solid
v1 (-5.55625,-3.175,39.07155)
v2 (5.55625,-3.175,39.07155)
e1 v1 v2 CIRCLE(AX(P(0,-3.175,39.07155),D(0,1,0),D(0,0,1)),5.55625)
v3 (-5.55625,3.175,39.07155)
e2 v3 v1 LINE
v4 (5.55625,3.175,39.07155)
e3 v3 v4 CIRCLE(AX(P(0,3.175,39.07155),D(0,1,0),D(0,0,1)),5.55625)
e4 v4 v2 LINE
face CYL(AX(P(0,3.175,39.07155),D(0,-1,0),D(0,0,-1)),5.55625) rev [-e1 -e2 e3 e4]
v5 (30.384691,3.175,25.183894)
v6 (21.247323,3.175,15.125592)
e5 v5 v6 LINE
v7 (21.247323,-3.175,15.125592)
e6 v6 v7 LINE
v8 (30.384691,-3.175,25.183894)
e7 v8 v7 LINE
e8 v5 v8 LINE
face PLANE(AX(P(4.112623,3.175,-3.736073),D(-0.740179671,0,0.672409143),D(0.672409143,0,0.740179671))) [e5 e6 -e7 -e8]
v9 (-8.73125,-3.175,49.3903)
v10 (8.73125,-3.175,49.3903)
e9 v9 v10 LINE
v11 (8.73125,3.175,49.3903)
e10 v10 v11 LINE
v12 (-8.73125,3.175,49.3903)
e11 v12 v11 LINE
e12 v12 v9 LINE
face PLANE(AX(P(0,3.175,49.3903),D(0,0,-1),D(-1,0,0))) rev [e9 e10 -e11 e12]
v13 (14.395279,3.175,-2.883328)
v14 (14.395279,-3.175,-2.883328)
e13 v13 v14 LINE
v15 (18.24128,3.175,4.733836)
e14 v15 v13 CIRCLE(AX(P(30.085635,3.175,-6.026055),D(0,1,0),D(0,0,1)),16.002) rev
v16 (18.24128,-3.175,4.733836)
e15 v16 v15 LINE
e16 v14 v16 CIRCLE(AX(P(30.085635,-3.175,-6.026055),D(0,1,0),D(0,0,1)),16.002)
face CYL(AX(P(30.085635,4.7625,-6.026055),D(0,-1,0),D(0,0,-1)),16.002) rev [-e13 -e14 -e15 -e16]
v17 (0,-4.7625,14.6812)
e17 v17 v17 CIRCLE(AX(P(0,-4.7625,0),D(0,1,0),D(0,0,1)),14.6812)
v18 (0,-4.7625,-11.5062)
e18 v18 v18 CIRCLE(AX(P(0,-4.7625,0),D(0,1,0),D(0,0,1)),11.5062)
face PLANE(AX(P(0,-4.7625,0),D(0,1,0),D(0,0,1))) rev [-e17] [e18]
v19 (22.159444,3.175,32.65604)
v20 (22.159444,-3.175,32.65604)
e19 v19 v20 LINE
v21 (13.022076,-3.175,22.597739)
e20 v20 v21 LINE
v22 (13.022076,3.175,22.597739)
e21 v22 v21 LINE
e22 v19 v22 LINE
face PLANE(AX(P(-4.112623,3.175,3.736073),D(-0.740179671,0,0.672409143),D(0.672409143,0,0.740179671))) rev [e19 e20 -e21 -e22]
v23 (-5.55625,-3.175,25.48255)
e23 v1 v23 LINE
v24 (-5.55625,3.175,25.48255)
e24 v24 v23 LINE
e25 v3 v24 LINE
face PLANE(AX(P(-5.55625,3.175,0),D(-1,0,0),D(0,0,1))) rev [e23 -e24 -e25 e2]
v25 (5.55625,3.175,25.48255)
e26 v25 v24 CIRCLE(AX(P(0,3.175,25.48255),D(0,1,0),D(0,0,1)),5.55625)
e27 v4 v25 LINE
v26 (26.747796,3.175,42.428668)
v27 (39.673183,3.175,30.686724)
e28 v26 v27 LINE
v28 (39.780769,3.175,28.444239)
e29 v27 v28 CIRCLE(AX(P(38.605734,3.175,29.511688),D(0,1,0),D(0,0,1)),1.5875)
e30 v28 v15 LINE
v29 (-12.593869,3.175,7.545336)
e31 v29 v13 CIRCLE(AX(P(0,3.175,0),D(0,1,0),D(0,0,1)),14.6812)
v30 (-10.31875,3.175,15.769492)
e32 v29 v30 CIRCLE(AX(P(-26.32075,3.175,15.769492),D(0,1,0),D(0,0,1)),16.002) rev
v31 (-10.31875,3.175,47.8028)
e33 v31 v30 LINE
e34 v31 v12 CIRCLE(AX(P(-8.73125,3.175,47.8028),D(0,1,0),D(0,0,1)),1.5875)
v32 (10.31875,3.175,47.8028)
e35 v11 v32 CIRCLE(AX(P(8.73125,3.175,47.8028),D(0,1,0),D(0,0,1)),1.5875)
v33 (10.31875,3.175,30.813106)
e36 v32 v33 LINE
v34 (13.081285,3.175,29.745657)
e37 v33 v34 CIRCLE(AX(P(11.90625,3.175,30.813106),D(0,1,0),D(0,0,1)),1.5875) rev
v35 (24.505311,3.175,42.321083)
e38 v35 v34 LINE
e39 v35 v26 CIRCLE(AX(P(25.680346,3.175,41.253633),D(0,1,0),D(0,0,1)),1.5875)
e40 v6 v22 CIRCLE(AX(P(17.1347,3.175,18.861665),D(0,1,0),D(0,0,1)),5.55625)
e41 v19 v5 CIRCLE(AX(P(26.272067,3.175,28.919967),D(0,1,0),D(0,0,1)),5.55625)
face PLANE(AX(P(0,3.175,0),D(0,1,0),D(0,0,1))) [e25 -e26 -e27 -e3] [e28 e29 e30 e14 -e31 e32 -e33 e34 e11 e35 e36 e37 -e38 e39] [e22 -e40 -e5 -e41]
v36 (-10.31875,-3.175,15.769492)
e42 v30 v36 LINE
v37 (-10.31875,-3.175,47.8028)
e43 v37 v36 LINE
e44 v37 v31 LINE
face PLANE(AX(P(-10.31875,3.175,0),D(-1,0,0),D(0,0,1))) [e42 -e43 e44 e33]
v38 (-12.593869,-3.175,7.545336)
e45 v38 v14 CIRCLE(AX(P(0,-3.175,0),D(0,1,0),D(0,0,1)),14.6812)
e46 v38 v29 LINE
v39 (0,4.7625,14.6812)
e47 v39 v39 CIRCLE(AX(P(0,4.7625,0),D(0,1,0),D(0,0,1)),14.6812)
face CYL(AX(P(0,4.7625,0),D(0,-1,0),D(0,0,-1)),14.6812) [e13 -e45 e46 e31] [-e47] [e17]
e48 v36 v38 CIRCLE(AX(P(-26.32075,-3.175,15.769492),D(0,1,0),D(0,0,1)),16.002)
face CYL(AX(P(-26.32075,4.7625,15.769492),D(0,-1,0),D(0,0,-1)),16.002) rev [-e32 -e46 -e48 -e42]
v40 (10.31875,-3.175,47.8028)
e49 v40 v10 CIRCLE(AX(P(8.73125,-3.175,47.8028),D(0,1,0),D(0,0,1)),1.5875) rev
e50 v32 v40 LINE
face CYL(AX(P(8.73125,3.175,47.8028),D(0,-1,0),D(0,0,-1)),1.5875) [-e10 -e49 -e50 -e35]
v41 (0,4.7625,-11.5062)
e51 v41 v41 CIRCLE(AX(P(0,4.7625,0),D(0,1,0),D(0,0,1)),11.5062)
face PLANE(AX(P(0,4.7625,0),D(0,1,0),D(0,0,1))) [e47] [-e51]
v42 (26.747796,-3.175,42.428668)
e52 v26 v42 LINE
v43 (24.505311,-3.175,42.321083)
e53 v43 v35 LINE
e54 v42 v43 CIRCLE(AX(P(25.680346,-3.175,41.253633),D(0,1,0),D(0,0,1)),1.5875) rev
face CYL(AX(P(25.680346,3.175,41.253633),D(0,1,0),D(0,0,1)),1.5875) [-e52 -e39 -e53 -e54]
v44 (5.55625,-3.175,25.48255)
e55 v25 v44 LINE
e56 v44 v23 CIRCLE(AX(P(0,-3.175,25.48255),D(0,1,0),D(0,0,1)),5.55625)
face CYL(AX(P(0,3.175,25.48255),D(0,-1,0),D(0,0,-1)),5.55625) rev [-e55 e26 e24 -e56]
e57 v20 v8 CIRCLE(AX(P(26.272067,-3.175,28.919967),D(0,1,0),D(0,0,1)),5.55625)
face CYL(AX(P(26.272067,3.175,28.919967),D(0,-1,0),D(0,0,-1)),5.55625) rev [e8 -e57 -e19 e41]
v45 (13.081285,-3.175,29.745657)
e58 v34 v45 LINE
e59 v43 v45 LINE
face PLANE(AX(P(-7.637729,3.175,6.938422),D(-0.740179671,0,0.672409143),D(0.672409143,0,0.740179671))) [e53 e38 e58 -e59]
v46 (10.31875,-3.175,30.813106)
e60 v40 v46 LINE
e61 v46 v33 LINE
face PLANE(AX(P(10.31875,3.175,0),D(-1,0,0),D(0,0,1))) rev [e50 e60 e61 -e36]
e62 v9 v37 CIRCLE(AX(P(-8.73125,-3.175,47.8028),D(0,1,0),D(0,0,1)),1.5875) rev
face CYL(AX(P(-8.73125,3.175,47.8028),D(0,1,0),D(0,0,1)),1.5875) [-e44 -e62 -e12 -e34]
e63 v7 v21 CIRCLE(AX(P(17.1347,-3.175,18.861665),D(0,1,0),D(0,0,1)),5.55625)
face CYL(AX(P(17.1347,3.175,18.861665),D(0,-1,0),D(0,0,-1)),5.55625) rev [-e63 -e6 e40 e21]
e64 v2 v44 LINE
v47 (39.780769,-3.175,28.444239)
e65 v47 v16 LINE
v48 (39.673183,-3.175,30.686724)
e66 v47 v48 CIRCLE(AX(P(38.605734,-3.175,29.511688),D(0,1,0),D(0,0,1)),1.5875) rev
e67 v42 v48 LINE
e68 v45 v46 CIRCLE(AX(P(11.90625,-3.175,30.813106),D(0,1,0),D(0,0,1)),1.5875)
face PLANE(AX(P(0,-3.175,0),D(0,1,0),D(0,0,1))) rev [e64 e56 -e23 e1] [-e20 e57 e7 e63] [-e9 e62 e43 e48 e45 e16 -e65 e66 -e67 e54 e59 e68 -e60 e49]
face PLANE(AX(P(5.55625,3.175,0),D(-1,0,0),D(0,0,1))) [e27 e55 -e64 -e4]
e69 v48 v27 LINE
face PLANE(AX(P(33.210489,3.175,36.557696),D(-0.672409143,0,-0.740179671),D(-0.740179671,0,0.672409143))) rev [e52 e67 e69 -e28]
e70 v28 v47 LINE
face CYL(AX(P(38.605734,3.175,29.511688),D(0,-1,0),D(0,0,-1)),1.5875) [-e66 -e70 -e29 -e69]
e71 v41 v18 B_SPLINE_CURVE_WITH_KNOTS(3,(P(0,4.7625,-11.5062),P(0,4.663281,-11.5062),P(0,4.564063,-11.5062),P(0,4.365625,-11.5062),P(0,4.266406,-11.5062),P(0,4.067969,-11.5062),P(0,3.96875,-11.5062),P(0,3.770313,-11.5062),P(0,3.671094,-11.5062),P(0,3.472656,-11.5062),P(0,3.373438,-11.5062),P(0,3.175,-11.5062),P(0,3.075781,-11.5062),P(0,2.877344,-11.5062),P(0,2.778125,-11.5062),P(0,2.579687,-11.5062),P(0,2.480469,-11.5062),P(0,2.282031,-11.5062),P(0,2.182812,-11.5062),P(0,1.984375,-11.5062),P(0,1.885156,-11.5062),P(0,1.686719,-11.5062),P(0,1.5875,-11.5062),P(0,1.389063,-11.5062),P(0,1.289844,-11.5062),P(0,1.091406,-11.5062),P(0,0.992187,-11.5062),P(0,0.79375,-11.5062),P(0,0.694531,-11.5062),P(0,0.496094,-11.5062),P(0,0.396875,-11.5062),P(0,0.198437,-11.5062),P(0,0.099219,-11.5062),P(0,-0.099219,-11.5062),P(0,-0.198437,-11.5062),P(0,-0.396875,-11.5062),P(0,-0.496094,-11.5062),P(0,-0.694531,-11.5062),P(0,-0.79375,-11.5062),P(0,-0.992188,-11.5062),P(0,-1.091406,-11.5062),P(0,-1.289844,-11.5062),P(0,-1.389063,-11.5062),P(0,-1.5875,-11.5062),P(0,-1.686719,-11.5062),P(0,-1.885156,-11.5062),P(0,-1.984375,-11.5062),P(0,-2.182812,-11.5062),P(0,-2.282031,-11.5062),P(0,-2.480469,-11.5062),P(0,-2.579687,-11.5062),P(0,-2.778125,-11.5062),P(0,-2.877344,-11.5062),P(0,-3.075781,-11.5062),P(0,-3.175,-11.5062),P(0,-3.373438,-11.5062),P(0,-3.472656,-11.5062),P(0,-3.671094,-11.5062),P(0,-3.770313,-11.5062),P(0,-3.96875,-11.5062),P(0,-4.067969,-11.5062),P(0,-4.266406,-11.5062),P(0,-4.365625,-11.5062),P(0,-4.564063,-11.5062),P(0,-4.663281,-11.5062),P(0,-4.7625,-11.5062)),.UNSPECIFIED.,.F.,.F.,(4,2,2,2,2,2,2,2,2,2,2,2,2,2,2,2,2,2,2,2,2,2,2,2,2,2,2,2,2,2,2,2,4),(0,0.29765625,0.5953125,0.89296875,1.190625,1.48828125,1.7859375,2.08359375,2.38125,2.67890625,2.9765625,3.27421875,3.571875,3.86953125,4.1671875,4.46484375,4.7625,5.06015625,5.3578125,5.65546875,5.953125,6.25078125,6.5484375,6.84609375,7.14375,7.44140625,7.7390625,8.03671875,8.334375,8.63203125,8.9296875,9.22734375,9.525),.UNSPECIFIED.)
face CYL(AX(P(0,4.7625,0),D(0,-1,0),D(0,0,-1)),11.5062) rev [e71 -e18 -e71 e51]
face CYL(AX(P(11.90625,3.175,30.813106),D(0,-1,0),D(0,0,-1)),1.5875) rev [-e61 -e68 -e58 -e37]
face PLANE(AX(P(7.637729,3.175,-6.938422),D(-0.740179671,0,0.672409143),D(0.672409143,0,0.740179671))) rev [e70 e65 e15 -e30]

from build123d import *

# Parameters (mm, degrees)
SKETCH1_R                      = 14.681199999999999
SKETCH1_R_2                    = 11.5062
BEARING_INSERT_EXTRUDE_DEPTH   = 4.7625
APEX_SLOT_INSERT_EXTRUDE_DEPTH = 3.175
FILLET1_R                      = 16.002
FILLET2_R                      = 1.5875


with BuildPart() as part:
    # Sketch1 → Bearing_Insert_Extrude (new, symmetric)
    with BuildSketch(Plane(origin=(0, 0, 0), x_dir=(1, 0, 0), z_dir=(0, 1, 0))):
        with Locations(Location((0, 0, 0), (0, 0, 90))):
            Circle(SKETCH1_R)
        with Locations(Location((0, 0, 0), (0, 0, 90))):
            Circle(SKETCH1_R_2, mode=Mode.SUBTRACT)
    extrude(amount=BEARING_INSERT_EXTRUDE_DEPTH, both=True)

    # Sketch1<4> → Apex_Slot_Insert_Extrude (add, symmetric)
    with BuildSketch(Plane(origin=(0, 0, 0), x_dir=(1, 0, 0), z_dir=(0, 1, 0))):
        with BuildLine():
            Line((-10.318749999999993, -10.443228996699254), (-10.318749999999994, -49.390299999999996))
            Line((-10.318749999999994, -49.390299999999996), (10.318750000000005, -49.39029999999999))
            Line((10.318750000000005, -49.39029999999999), (10.318750000000005, -26.704691888242454))
            Line((10.318750000000003, -26.704691888242454), (25.572760300589366, -43.49611782976841))
            Line((25.572760300589366, -43.49611782976841), (40.84821825442049, -29.619274148630485))
            Line((40.84821825442049, -29.619274148630485), (14.659851632931186, -0.7914439591308806))
            ThreePointArc((14.659851632931188, -0.7914439591308853), (5.291552650188477, -13.694418716772292), (-10.318749999999994, -10.443228996699252))
        make_face()
        with BuildLine():
            ThreePointArc((5.556250000000003, -39.07155000000002), (3.51e-15, -44.62780000000001), (-5.556249999999994, -39.07155000000002))
            Line((-5.556249999999995, -39.07155000000002), (-5.556249999999993, -25.482550000000018))
            ThreePointArc((-5.556249999999995, -25.482550000000018), (4.34e-15, -19.92630000000002), (5.556250000000002, -25.482550000000018))
            Line((5.556250000000002, -25.482550000000018), (5.556250000000004, -39.07155000000002))
        make_face(mode=Mode.SUBTRACT)
        with BuildLine():
            ThreePointArc((30.384690732198205, -25.183893713515992), (30.00814073570387, -33.0325903075461), (22.159444141673756, -32.65604031105178))
            Line((22.159444141673756, -32.65604031105178), (13.022076302401407, -22.59773876606759))
            ThreePointArc((13.022076302401405, -22.59773876606759), (13.398626298895733, -14.749042172037479), (21.247322892925844, -15.125592168531803))
            Line((21.247322892925844, -15.125592168531803), (30.384690732198205, -25.18389371351599))
        make_face(mode=Mode.SUBTRACT)
    extrude(amount=APEX_SLOT_INSERT_EXTRUDE_DEPTH, both=True)

    # Fillet1
    fillet1_edges = [part.edges().sort_by_distance(p)[0] for p in [
        (14.659851632931186, 0, 0.791443959130883),
        (-10.318749999999994, 0, 10.443228996699252),
    ]]
    fillet(fillet1_edges, radius=FILLET1_R)

    # Fillet2
    fillet2_edges = [part.edges().sort_by_distance(p)[0] for p in [
        (-10.318749999999994, 0, 49.390299999999996),
        (10.318750000000005, 0, 49.39029999999999),
        (10.318750000000005, 0, 26.704691888242454),
        (25.572760300589366, 0, 43.49611782976841),
        (40.84821825442049, 0, 29.619274148630485),
    ]]
    fillet(fillet2_edges, radius=FILLET2_R)


solid = part.part
